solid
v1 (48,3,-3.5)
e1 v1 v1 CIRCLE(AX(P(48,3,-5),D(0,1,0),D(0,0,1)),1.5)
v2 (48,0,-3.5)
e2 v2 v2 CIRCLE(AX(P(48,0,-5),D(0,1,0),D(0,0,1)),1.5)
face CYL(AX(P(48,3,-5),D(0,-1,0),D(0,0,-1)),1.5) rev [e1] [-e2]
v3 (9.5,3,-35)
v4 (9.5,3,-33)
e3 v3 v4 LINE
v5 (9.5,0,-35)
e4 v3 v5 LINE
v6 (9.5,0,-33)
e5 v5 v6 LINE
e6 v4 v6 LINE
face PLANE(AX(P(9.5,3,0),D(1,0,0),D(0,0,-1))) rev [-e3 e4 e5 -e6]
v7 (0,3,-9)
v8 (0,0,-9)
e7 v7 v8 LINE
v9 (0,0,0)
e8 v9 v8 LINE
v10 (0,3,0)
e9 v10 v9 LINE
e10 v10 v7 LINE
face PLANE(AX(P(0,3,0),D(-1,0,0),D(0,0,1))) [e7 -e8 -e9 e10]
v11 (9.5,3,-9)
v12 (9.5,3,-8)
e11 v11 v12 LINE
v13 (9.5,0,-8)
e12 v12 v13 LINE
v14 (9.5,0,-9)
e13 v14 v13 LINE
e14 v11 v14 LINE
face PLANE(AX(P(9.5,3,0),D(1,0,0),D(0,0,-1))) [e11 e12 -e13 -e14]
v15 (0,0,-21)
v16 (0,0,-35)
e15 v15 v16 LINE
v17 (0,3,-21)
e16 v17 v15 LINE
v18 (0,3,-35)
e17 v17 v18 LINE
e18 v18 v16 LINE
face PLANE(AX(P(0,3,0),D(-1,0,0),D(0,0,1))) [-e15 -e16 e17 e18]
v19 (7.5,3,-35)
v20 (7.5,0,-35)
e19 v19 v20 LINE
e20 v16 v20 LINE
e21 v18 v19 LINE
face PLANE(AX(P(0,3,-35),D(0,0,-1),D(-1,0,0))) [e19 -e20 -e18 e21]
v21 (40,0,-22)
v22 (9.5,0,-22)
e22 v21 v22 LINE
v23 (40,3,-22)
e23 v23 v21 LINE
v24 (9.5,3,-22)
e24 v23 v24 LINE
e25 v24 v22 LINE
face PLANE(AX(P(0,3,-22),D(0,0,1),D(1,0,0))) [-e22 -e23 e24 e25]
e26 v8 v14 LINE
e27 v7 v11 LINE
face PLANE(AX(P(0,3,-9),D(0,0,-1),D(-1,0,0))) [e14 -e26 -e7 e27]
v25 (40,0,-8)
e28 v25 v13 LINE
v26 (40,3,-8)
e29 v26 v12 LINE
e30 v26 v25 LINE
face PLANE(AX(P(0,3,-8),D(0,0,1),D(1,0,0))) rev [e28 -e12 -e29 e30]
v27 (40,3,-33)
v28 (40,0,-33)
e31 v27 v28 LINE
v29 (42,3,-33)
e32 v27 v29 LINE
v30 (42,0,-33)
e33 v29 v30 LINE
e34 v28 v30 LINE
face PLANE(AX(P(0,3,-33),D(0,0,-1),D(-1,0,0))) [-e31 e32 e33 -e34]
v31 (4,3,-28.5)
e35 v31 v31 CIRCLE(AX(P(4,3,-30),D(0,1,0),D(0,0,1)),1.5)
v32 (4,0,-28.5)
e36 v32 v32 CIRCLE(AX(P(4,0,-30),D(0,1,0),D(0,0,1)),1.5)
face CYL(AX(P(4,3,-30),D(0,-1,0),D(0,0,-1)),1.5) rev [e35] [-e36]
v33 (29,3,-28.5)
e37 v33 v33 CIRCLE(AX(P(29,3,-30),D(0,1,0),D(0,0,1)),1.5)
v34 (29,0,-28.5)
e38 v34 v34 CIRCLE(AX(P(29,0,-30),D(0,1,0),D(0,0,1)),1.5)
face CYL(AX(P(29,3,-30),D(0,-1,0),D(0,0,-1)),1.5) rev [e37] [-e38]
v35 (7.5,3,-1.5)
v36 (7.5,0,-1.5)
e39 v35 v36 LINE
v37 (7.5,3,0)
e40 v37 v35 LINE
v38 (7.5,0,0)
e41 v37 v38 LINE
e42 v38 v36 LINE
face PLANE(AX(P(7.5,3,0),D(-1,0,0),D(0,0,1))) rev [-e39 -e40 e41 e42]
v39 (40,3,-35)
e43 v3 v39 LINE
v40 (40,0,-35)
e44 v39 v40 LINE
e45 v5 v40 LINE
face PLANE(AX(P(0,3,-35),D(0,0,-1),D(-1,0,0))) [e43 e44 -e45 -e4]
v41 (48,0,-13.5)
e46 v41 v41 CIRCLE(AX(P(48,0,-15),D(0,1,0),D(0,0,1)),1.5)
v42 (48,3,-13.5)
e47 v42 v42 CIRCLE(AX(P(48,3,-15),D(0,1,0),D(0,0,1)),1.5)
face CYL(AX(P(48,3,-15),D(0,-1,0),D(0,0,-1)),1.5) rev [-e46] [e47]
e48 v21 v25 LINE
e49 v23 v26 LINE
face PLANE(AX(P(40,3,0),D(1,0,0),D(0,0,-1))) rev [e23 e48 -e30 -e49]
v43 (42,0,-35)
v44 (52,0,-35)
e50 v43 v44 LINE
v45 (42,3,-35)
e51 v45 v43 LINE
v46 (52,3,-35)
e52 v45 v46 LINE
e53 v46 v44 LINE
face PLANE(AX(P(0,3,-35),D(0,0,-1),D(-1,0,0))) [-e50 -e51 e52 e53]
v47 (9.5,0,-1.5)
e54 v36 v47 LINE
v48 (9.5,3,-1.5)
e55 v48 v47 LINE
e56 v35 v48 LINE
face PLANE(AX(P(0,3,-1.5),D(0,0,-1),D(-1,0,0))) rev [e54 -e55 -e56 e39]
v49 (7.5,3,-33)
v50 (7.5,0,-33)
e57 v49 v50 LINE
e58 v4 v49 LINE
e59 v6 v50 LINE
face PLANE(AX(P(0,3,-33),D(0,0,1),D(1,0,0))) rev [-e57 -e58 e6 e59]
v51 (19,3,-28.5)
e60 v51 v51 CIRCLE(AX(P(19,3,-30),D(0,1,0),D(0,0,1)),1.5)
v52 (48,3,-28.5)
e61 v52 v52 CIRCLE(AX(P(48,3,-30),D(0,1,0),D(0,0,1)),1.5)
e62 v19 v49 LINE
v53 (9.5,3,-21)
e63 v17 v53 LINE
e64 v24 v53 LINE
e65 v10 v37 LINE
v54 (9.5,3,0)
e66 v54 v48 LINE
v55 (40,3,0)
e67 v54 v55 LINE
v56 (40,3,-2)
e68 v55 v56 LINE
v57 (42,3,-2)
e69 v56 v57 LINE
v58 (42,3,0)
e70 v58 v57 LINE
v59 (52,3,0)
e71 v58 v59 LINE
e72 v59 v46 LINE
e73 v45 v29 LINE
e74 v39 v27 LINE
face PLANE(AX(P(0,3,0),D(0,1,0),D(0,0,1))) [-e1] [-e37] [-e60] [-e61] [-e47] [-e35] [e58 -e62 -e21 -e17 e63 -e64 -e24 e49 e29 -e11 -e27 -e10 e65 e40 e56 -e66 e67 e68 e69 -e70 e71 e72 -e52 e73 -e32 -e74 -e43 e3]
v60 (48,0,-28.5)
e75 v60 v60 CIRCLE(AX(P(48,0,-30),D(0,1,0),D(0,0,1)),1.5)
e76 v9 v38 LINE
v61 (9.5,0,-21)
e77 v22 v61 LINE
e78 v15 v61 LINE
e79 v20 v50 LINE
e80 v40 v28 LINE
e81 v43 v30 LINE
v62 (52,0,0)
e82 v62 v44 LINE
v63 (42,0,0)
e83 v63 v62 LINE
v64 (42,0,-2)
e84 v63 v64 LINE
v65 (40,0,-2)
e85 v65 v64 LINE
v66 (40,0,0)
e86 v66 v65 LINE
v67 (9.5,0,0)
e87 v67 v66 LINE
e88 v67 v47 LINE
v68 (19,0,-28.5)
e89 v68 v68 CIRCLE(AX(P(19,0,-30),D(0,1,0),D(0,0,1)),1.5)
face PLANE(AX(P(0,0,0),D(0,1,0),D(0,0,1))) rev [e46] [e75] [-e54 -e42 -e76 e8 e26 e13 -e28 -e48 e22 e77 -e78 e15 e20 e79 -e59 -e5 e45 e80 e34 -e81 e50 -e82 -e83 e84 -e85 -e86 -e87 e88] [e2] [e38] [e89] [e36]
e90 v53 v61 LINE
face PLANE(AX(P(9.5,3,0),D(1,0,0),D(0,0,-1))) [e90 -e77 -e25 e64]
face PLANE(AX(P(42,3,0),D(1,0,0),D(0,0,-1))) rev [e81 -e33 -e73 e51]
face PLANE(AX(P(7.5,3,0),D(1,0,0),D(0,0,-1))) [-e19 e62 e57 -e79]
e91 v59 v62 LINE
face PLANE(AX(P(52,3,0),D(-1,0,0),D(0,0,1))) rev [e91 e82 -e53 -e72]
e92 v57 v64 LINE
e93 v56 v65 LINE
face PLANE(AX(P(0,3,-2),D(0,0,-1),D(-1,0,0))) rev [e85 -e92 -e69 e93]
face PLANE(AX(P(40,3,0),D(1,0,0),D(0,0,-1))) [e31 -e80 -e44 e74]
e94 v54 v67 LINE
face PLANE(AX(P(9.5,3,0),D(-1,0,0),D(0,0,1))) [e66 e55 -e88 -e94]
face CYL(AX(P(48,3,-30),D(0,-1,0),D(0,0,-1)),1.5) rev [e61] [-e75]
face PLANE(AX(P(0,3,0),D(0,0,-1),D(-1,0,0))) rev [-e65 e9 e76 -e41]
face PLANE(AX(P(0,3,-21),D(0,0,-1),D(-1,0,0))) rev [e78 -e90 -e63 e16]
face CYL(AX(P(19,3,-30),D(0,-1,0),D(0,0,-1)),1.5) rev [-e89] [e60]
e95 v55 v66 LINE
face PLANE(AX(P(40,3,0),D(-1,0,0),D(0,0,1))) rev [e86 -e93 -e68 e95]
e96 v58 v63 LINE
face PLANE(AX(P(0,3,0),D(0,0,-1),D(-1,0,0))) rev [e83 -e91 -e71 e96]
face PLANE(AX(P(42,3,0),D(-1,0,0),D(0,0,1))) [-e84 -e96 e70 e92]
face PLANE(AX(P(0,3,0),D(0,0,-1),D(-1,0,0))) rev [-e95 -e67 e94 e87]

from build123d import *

# Parameters (mm, degrees)
SKETCH1_R           = 1.5
BOSS_EXTRUDE1_DEPTH = 3


with BuildPart() as part:
    # Sketch1 → Boss-Extrude1 (new body)
    with BuildSketch(Plane(origin=(0, 0, 0), x_dir=(1, 0, 0), z_dir=(0, 1, 0))):
        Polygon((0, 9), (0, 0), (7.5, 0), (7.5, 1.5), (9.5, 1.5), (9.5, 0), (40, 0), (40, 2), (42, 2), (42, 0), (52, 0), (52, 35), (42, 35), (42, 33), (40, 33), (40, 35), (9.5, 35), (9.5, 33), (7.5, 33), (7.5, 35), (0, 35), (0, 21), (9.5, 21), (9.5, 22), (40, 22), (40, 8), (9.5, 8), (9.5, 9), align=None)
        with Locations((48, 5)):
            Circle(SKETCH1_R, mode=Mode.SUBTRACT)
        with Locations((48, 15)):
            Circle(SKETCH1_R, mode=Mode.SUBTRACT)
        with Locations((4, 30)):
            Circle(SKETCH1_R, mode=Mode.SUBTRACT)
        with Locations((19, 30)):
            Circle(SKETCH1_R, mode=Mode.SUBTRACT)
        with Locations((29, 30)):
            Circle(SKETCH1_R, mode=Mode.SUBTRACT)
        with Locations((48, 30)):
            Circle(SKETCH1_R, mode=Mode.SUBTRACT)
    extrude(amount=BOSS_EXTRUDE1_DEPTH)


solid = part.part
